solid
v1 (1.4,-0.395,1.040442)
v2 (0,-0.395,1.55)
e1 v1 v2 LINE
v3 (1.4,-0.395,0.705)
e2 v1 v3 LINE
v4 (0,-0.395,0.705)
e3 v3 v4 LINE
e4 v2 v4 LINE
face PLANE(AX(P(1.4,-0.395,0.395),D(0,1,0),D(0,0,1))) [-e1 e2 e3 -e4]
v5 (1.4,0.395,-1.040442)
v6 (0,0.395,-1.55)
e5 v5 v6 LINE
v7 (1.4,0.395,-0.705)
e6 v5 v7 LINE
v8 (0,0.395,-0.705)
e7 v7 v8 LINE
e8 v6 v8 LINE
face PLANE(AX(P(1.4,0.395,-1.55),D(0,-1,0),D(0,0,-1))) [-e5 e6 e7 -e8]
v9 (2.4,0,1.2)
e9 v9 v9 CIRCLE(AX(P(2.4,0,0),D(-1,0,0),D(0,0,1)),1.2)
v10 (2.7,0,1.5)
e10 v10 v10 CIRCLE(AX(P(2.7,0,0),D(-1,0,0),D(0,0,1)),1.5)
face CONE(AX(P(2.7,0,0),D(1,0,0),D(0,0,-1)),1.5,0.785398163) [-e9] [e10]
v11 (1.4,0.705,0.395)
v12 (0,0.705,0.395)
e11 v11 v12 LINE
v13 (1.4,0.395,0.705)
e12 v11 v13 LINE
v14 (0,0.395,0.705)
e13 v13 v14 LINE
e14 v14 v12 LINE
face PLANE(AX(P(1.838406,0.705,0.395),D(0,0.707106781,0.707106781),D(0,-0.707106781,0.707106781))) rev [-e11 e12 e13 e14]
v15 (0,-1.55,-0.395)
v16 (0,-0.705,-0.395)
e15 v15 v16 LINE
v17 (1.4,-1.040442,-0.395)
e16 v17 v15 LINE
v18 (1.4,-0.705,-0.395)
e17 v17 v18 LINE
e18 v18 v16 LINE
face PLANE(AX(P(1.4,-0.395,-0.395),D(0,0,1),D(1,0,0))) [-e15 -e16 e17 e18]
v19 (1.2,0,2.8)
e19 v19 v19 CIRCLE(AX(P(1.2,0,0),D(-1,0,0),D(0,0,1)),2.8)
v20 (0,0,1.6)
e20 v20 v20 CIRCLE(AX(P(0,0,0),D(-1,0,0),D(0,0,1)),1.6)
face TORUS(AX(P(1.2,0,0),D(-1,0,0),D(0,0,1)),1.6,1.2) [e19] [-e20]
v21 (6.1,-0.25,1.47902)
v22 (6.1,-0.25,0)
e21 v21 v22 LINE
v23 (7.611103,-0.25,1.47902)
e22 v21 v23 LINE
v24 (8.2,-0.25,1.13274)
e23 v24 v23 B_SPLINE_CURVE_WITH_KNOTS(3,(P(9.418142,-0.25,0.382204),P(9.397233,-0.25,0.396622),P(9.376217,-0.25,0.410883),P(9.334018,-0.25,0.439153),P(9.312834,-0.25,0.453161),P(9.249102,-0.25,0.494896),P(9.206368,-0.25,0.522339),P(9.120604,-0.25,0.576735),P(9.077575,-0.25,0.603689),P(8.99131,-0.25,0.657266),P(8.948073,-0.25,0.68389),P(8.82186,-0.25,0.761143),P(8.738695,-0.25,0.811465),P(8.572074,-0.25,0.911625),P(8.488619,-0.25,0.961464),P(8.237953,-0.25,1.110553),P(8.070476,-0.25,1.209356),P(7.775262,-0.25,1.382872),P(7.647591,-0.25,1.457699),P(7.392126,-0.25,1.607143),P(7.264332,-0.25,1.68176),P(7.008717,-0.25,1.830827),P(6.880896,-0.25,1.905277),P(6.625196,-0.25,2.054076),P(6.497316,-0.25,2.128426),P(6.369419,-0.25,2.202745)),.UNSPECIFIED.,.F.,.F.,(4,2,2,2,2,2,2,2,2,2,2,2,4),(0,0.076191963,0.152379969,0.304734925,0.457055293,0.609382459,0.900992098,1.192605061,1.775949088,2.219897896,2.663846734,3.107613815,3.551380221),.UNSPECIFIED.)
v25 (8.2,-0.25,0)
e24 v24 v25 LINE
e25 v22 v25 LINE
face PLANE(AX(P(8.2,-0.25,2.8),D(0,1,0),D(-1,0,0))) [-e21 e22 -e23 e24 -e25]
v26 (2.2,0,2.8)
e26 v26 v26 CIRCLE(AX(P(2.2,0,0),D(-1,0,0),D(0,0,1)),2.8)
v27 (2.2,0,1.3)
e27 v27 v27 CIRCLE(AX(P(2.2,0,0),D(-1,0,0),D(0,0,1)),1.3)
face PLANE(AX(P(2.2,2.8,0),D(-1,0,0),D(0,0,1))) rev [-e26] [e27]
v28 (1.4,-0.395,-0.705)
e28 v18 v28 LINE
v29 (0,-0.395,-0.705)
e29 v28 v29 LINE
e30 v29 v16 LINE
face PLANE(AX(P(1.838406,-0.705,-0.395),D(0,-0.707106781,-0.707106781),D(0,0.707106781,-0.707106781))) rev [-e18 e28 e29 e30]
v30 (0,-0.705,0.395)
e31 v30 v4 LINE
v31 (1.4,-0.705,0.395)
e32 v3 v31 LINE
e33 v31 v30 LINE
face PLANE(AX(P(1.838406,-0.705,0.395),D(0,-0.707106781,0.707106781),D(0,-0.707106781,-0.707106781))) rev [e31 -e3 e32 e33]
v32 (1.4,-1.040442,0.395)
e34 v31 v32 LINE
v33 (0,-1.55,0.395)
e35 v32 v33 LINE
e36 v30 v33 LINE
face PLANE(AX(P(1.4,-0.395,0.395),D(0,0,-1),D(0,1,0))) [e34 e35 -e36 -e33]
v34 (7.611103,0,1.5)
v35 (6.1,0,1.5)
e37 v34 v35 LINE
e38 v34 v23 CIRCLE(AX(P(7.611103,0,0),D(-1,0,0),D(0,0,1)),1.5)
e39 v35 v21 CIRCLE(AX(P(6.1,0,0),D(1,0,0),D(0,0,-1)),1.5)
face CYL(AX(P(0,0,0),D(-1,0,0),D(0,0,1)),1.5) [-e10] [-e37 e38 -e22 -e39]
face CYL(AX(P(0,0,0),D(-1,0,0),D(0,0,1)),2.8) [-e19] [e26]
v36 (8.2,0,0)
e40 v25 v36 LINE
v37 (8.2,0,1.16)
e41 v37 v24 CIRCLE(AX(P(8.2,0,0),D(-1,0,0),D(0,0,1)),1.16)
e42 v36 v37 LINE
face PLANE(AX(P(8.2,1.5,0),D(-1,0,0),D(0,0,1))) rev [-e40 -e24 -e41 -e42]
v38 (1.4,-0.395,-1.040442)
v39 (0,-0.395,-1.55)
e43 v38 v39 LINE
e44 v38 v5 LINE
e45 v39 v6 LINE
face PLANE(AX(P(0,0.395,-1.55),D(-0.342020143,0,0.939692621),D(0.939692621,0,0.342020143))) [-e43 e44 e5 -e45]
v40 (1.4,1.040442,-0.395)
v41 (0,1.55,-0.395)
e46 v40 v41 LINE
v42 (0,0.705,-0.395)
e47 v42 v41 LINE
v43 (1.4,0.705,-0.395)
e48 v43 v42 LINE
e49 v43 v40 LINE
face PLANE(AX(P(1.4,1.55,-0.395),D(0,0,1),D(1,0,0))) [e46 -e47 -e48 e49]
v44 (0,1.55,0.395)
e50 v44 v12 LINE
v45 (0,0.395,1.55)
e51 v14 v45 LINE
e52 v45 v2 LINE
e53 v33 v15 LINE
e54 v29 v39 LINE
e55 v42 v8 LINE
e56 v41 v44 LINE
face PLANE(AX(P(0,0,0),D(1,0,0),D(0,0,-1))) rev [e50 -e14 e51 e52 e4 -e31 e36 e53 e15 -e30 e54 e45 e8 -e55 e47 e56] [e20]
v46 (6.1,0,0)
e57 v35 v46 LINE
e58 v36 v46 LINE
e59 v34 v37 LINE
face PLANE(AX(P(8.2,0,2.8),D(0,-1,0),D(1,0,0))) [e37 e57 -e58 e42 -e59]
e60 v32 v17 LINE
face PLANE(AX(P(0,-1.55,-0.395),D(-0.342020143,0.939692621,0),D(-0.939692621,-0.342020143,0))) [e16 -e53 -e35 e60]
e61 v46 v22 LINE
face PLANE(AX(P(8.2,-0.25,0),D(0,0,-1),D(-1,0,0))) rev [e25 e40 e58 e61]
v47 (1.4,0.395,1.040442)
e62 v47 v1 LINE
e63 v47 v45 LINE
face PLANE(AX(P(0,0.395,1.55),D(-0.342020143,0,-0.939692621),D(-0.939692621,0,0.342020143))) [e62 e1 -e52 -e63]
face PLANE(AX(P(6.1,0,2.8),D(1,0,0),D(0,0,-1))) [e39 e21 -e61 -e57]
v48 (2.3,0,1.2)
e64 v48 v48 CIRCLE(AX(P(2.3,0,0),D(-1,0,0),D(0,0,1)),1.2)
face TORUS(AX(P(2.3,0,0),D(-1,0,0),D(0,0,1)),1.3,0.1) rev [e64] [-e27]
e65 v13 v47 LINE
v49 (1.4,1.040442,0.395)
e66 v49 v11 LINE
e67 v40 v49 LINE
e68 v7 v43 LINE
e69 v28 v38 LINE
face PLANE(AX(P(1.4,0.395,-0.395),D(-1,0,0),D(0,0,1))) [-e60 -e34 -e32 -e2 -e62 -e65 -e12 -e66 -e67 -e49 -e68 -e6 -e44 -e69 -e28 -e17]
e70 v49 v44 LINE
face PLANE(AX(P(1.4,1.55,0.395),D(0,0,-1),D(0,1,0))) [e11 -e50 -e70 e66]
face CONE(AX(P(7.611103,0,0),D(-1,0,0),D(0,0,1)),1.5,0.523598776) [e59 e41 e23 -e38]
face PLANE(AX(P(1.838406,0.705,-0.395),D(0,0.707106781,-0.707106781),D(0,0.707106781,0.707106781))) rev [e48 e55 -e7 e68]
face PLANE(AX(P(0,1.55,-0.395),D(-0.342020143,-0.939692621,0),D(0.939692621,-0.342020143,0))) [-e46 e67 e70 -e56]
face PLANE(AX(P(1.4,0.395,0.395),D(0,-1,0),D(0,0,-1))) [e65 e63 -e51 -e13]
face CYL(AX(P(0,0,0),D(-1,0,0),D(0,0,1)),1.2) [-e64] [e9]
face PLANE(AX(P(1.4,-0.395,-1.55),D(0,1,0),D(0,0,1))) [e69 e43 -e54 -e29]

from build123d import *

# Parameters (mm, degrees)
CUT_EXTRUDE3_DEPTH         = 1.4
DRAFT1_ANGLE               = 20
RECESSI_CUT_EXTRUDE5_DEPTH = 1.4
SKETCH11_W                 = 2.1
SKETCH11_H                 = 0.25
POINT_CUT_EXTRUDE8_DEPTH   = 10.106041981


with BuildPart() as part:
    # Sketch1 → base-Revolve (revolve)
    with BuildSketch(Plane.XY, mode=Mode.PRIVATE) as base_revolve_sk:
        with BuildLine():
            Line((0, 0), (0, 1.6))
            ThreePointArc((0, 1.6), (0.351471863, 2.448528137), (1.2, 2.8))
            Line((1.2, 2.8), (2.2, 2.8))
            Line((2.2, 2.8), (2.2, 1.3))
            ThreePointArc((2.2, 1.3), (2.229289322, 1.229289322), (2.3, 1.2))
            Line((2.3, 1.2), (2.4, 1.2))
            Line((2.4, 1.2), (2.7, 1.5))
            Line((2.7, 1.5), (8.2, 1.5))
            Line((8.2, 1.5), (8.2, 0))
            Line((8.2, 0), (0, 0))
        make_face()
    revolve(base_revolve_sk.sketch.rotate(Axis((0, 0, 0), (1, 0, 0)), 90), axis=Axis((0, 0, 0), (1, 0, 0)))

    # Sketch4 → Cut-Extrude3 (cut)
    with BuildSketch(Plane(origin=(0, 0, 0), x_dir=(0, 0, -1), z_dir=(1, 0, 0))):
        Polygon((0.395, 1.55), (-0.395, 1.55), (-0.395, 0.395), (-1.55, 0.395), (-1.55, -0.395), (-0.395, -0.395), (-0.395, -1.55), (0.395, -1.55), (0.395, -0.395), (1.55, -0.395), (1.55, 0.395), (0.395, 0.395), align=None)
    extrude(amount=CUT_EXTRUDE3_DEPTH, mode=Mode.SUBTRACT)

    # Draft1
    draft1_faces = [part.faces().sort_by_distance(p)[0] for p in [
        (0.7, 0, -1.55),
        (0.7, -1.55, 0),
        (0.7, 0, 1.55),
        (0.7, 1.55, 0),
    ]]
    draft(draft1_faces, Plane(origin=(0, 0, 0), x_dir=(0, 0, -1), z_dir=(-1, 0, 0)), DRAFT1_ANGLE)

    # Sketch5 → recessI_Cut-Extrude5 (cut)
    with BuildSketch(Plane.ZY):
        Polygon((0.395, 0.705), (0.705, 0.395), (0.395, 0.395), align=None)
        Polygon((-0.395, 0.395), (-0.705, 0.395), (-0.395, 0.705), align=None)
        Polygon((-0.395, -0.705), (-0.705, -0.395), (-0.395, -0.395), align=None)
        Polygon((0.395, -0.395), (0.705, -0.395), (0.395, -0.705), align=None)
    extrude(amount=-RECESSI_CUT_EXTRUDE5_DEPTH, mode=Mode.SUBTRACT)

    # Sketch8 → point_Cut-Revolve1 (revolve, cut)
    with BuildSketch(Plane.XY, mode=Mode.PRIVATE) as point_cut_revolve1_sk:
        Polygon((8.2, 0), (8.708, 0), (8.708, 2.008), (7.611102725, 2.008), (7.611102725, 1.5), (8.2, 1.16), align=None)
    revolve(point_cut_revolve1_sk.sketch.rotate(Axis((0, 0, 0), (1, 0, 0)), 90), axis=Axis((0, 0, 0), (1, 0, 0)), mode=Mode.SUBTRACT)

    # Sketch11 → point_Cut-Extrude8 (cut, through all)
    with BuildSketch(Plane.XY):
        with Locations((7.15, -0.125)):
            Rectangle(SKETCH11_W, SKETCH11_H)
    extrude(amount=POINT_CUT_EXTRUDE8_DEPTH, mode=Mode.SUBTRACT)


solid = part.part
